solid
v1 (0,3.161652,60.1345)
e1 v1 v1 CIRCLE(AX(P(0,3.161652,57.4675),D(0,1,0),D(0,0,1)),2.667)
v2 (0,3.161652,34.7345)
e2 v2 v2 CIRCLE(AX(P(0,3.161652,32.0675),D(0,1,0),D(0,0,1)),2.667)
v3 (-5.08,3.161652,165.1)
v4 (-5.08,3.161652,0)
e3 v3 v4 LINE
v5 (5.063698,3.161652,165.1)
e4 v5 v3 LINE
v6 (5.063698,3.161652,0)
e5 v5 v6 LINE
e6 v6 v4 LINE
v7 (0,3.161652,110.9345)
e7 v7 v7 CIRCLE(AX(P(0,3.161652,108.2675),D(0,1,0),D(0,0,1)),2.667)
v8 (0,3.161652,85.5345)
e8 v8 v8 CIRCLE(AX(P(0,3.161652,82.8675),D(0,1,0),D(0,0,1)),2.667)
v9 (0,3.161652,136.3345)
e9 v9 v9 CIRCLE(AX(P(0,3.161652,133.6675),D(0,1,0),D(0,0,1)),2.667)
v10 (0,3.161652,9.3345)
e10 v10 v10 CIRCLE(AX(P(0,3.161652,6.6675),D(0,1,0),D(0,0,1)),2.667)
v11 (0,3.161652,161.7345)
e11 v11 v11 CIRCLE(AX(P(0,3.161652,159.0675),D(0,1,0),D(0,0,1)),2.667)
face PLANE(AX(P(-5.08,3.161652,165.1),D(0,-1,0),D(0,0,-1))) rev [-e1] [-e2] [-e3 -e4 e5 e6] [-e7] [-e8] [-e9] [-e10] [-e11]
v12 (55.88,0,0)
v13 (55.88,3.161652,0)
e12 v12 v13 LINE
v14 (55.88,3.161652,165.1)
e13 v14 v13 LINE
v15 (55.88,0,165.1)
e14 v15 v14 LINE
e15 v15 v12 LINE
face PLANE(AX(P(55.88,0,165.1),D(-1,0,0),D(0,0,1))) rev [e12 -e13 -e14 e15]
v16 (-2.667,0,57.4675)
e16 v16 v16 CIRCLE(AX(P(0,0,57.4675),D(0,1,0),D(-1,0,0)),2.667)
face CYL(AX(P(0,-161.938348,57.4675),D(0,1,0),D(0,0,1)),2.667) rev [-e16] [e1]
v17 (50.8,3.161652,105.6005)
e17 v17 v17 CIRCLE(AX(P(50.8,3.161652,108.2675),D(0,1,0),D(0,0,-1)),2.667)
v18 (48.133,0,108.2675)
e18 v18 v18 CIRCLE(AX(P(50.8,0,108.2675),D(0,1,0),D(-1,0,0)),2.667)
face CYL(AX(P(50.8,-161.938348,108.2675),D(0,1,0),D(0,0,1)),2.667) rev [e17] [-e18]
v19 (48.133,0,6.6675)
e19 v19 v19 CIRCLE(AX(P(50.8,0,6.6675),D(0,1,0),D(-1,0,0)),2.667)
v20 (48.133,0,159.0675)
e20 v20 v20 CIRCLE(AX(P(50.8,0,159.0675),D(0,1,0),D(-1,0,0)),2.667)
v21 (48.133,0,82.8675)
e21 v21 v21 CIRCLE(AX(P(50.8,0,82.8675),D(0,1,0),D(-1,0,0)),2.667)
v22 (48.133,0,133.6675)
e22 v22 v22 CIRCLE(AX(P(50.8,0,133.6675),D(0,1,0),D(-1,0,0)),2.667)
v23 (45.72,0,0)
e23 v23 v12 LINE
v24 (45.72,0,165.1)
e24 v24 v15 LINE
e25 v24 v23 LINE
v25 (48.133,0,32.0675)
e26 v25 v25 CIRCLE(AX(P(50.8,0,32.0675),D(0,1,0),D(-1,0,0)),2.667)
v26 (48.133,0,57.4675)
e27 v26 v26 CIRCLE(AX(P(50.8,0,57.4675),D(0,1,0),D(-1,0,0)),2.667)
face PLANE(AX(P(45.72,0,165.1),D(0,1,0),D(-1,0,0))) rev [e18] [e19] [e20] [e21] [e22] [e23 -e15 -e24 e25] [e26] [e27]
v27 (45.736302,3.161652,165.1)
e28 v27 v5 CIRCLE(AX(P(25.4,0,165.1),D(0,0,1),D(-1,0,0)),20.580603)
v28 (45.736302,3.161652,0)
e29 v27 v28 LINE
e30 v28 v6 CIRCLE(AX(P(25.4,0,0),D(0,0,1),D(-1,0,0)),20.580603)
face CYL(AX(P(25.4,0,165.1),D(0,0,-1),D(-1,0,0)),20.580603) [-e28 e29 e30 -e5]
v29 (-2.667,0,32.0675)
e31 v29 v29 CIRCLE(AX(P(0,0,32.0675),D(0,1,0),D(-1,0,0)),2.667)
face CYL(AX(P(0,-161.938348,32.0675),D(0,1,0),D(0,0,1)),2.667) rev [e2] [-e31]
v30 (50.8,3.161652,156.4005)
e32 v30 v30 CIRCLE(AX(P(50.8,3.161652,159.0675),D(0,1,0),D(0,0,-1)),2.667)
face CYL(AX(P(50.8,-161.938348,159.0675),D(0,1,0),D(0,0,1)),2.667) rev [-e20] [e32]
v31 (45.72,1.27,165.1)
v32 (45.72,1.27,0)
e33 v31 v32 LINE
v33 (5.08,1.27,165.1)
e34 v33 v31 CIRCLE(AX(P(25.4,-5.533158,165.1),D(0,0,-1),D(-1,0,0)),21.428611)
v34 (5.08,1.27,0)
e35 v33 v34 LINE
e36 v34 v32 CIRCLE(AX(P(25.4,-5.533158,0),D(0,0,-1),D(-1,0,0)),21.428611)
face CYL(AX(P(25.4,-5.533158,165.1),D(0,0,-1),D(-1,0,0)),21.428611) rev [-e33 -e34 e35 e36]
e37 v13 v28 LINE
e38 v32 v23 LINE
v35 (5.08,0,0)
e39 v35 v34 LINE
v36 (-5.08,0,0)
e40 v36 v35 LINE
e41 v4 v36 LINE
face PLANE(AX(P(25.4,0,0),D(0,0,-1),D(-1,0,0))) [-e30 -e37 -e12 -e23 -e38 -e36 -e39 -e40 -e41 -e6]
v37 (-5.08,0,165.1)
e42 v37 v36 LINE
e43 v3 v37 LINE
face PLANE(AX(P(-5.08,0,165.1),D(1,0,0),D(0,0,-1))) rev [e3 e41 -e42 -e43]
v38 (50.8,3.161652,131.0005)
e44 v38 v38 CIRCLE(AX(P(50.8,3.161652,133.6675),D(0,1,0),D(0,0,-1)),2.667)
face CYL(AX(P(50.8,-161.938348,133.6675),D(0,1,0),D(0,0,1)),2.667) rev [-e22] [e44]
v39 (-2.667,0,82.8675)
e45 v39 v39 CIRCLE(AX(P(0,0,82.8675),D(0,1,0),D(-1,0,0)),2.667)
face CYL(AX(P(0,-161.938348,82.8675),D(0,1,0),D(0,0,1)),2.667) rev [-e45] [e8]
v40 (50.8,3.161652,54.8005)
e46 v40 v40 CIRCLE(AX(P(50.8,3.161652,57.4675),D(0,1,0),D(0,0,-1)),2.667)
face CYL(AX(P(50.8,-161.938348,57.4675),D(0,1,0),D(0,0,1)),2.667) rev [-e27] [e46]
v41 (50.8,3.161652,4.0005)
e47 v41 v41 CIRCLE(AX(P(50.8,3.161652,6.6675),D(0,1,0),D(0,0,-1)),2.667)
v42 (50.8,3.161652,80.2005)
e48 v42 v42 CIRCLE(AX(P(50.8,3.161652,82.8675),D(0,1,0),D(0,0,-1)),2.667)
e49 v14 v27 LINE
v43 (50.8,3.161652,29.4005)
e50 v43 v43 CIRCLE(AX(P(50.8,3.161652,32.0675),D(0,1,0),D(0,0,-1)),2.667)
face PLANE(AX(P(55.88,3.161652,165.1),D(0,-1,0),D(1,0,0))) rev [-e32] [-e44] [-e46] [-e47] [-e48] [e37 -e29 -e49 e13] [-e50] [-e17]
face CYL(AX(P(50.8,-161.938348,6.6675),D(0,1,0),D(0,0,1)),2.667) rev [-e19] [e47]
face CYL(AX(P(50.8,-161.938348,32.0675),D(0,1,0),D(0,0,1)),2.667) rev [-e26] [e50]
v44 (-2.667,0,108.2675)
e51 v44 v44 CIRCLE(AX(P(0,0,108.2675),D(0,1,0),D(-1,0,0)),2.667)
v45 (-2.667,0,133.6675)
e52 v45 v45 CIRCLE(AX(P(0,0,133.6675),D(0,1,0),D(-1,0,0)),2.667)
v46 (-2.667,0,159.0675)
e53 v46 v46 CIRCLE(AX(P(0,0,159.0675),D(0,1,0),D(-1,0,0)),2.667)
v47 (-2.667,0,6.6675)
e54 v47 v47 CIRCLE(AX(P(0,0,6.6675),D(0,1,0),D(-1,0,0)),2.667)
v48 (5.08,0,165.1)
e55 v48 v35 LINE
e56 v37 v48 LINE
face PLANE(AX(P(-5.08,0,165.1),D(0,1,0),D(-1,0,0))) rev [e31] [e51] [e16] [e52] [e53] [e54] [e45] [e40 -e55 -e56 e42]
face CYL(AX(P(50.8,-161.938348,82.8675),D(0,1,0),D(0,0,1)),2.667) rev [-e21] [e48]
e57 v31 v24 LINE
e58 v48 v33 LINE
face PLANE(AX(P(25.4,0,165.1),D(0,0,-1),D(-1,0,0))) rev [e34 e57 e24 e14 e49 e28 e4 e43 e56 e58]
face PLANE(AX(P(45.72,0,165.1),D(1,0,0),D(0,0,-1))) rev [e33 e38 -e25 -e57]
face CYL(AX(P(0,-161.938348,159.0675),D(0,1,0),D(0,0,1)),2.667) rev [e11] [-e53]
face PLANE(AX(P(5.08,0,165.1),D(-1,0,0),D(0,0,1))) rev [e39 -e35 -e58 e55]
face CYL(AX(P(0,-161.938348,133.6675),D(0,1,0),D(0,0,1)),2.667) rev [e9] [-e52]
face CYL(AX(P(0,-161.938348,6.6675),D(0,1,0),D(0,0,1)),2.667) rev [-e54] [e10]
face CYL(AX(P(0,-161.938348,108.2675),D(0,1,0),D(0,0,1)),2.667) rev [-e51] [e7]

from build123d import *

# Parameters (mm, degrees)
BOSS_EXTRUDE1_DEPTH = 165.1
SKETCH3_R           = 2.667
CUT_EXTRUDE1_DEPTH  = 165.1


with BuildPart() as part:
    # Sketch1 → Boss-Extrude1 (new body)
    with BuildSketch(Plane.XY):
        with BuildLine():
            Line((-5.08, 0), (5.08, 0))
            Line((5.08, 0), (5.08, 1.27))
            ThreePointArc((5.08, 1.27), (25.4, 15.895452724), (45.72, 1.27))
            Line((45.72, 1.27), (45.72, 0))
            Line((45.72, 0), (55.88, 0))
            Line((55.88, 0), (55.88, 3.161651537))
            Line((55.88, 3.161651537), (45.736301675, 3.161651537))
            ThreePointArc((45.736301675, 3.161651537), (25.4, 20.58060267), (5.063698325, 3.161651537))
            Line((5.063698325, 3.161651537), (-5.08, 3.161651537))
            Line((-5.08, 3.161651537), (-5.08, 0))
        make_face()
    extrude(amount=BOSS_EXTRUDE1_DEPTH)

    # Sketch3 → Cut-Extrude1 (cut)
    with BuildSketch(Plane(origin=(0, 3.161651537, 0), x_dir=(1, 0, 0), z_dir=(0, 1, 0))):
        with Locations(Location((0, -6.6675, 0), (0, 0, 270))):
            Circle(SKETCH3_R)
        with Locations(Location((0, -32.0675, 0), (0, 0, 270))):
            Circle(SKETCH3_R)
        with Locations(Location((0, -57.4675, 0), (0, 0, 270))):
            Circle(SKETCH3_R)
        with Locations(Location((0, -82.8675, 0), (0, 0, 270))):
            Circle(SKETCH3_R)
        with Locations(Location((0, -108.2675, 0), (0, 0, 270))):
            Circle(SKETCH3_R)
        with Locations(Location((0, -133.6675, 0), (0, 0, 270))):
            Circle(SKETCH3_R)
        with Locations(Location((0, -159.0675, 0), (0, 0, 270))):
            Circle(SKETCH3_R)
        with Locations(Location((50.8, -159.0675, 0), (0, 0, 180))):
            Circle(SKETCH3_R)
        with Locations(Location((50.8, -133.6675, 0), (0, 0, 180))):
            Circle(SKETCH3_R)
        with Locations(Location((50.8, -108.2675, 0), (0, 0, 180))):
            Circle(SKETCH3_R)
        with Locations(Location((50.8, -82.8675, 0), (0, 0, 180))):
            Circle(SKETCH3_R)
        with Locations(Location((50.8, -57.4675, 0), (0, 0, 180))):
            Circle(SKETCH3_R)
        with Locations(Location((50.8, -32.0675, 0), (0, 0, 180))):
            Circle(SKETCH3_R)
        with Locations(Location((50.8, -6.6675, 0), (0, 0, 180))):
            Circle(SKETCH3_R)
    extrude(amount=-CUT_EXTRUDE1_DEPTH, mode=Mode.SUBTRACT)


solid = part.part
